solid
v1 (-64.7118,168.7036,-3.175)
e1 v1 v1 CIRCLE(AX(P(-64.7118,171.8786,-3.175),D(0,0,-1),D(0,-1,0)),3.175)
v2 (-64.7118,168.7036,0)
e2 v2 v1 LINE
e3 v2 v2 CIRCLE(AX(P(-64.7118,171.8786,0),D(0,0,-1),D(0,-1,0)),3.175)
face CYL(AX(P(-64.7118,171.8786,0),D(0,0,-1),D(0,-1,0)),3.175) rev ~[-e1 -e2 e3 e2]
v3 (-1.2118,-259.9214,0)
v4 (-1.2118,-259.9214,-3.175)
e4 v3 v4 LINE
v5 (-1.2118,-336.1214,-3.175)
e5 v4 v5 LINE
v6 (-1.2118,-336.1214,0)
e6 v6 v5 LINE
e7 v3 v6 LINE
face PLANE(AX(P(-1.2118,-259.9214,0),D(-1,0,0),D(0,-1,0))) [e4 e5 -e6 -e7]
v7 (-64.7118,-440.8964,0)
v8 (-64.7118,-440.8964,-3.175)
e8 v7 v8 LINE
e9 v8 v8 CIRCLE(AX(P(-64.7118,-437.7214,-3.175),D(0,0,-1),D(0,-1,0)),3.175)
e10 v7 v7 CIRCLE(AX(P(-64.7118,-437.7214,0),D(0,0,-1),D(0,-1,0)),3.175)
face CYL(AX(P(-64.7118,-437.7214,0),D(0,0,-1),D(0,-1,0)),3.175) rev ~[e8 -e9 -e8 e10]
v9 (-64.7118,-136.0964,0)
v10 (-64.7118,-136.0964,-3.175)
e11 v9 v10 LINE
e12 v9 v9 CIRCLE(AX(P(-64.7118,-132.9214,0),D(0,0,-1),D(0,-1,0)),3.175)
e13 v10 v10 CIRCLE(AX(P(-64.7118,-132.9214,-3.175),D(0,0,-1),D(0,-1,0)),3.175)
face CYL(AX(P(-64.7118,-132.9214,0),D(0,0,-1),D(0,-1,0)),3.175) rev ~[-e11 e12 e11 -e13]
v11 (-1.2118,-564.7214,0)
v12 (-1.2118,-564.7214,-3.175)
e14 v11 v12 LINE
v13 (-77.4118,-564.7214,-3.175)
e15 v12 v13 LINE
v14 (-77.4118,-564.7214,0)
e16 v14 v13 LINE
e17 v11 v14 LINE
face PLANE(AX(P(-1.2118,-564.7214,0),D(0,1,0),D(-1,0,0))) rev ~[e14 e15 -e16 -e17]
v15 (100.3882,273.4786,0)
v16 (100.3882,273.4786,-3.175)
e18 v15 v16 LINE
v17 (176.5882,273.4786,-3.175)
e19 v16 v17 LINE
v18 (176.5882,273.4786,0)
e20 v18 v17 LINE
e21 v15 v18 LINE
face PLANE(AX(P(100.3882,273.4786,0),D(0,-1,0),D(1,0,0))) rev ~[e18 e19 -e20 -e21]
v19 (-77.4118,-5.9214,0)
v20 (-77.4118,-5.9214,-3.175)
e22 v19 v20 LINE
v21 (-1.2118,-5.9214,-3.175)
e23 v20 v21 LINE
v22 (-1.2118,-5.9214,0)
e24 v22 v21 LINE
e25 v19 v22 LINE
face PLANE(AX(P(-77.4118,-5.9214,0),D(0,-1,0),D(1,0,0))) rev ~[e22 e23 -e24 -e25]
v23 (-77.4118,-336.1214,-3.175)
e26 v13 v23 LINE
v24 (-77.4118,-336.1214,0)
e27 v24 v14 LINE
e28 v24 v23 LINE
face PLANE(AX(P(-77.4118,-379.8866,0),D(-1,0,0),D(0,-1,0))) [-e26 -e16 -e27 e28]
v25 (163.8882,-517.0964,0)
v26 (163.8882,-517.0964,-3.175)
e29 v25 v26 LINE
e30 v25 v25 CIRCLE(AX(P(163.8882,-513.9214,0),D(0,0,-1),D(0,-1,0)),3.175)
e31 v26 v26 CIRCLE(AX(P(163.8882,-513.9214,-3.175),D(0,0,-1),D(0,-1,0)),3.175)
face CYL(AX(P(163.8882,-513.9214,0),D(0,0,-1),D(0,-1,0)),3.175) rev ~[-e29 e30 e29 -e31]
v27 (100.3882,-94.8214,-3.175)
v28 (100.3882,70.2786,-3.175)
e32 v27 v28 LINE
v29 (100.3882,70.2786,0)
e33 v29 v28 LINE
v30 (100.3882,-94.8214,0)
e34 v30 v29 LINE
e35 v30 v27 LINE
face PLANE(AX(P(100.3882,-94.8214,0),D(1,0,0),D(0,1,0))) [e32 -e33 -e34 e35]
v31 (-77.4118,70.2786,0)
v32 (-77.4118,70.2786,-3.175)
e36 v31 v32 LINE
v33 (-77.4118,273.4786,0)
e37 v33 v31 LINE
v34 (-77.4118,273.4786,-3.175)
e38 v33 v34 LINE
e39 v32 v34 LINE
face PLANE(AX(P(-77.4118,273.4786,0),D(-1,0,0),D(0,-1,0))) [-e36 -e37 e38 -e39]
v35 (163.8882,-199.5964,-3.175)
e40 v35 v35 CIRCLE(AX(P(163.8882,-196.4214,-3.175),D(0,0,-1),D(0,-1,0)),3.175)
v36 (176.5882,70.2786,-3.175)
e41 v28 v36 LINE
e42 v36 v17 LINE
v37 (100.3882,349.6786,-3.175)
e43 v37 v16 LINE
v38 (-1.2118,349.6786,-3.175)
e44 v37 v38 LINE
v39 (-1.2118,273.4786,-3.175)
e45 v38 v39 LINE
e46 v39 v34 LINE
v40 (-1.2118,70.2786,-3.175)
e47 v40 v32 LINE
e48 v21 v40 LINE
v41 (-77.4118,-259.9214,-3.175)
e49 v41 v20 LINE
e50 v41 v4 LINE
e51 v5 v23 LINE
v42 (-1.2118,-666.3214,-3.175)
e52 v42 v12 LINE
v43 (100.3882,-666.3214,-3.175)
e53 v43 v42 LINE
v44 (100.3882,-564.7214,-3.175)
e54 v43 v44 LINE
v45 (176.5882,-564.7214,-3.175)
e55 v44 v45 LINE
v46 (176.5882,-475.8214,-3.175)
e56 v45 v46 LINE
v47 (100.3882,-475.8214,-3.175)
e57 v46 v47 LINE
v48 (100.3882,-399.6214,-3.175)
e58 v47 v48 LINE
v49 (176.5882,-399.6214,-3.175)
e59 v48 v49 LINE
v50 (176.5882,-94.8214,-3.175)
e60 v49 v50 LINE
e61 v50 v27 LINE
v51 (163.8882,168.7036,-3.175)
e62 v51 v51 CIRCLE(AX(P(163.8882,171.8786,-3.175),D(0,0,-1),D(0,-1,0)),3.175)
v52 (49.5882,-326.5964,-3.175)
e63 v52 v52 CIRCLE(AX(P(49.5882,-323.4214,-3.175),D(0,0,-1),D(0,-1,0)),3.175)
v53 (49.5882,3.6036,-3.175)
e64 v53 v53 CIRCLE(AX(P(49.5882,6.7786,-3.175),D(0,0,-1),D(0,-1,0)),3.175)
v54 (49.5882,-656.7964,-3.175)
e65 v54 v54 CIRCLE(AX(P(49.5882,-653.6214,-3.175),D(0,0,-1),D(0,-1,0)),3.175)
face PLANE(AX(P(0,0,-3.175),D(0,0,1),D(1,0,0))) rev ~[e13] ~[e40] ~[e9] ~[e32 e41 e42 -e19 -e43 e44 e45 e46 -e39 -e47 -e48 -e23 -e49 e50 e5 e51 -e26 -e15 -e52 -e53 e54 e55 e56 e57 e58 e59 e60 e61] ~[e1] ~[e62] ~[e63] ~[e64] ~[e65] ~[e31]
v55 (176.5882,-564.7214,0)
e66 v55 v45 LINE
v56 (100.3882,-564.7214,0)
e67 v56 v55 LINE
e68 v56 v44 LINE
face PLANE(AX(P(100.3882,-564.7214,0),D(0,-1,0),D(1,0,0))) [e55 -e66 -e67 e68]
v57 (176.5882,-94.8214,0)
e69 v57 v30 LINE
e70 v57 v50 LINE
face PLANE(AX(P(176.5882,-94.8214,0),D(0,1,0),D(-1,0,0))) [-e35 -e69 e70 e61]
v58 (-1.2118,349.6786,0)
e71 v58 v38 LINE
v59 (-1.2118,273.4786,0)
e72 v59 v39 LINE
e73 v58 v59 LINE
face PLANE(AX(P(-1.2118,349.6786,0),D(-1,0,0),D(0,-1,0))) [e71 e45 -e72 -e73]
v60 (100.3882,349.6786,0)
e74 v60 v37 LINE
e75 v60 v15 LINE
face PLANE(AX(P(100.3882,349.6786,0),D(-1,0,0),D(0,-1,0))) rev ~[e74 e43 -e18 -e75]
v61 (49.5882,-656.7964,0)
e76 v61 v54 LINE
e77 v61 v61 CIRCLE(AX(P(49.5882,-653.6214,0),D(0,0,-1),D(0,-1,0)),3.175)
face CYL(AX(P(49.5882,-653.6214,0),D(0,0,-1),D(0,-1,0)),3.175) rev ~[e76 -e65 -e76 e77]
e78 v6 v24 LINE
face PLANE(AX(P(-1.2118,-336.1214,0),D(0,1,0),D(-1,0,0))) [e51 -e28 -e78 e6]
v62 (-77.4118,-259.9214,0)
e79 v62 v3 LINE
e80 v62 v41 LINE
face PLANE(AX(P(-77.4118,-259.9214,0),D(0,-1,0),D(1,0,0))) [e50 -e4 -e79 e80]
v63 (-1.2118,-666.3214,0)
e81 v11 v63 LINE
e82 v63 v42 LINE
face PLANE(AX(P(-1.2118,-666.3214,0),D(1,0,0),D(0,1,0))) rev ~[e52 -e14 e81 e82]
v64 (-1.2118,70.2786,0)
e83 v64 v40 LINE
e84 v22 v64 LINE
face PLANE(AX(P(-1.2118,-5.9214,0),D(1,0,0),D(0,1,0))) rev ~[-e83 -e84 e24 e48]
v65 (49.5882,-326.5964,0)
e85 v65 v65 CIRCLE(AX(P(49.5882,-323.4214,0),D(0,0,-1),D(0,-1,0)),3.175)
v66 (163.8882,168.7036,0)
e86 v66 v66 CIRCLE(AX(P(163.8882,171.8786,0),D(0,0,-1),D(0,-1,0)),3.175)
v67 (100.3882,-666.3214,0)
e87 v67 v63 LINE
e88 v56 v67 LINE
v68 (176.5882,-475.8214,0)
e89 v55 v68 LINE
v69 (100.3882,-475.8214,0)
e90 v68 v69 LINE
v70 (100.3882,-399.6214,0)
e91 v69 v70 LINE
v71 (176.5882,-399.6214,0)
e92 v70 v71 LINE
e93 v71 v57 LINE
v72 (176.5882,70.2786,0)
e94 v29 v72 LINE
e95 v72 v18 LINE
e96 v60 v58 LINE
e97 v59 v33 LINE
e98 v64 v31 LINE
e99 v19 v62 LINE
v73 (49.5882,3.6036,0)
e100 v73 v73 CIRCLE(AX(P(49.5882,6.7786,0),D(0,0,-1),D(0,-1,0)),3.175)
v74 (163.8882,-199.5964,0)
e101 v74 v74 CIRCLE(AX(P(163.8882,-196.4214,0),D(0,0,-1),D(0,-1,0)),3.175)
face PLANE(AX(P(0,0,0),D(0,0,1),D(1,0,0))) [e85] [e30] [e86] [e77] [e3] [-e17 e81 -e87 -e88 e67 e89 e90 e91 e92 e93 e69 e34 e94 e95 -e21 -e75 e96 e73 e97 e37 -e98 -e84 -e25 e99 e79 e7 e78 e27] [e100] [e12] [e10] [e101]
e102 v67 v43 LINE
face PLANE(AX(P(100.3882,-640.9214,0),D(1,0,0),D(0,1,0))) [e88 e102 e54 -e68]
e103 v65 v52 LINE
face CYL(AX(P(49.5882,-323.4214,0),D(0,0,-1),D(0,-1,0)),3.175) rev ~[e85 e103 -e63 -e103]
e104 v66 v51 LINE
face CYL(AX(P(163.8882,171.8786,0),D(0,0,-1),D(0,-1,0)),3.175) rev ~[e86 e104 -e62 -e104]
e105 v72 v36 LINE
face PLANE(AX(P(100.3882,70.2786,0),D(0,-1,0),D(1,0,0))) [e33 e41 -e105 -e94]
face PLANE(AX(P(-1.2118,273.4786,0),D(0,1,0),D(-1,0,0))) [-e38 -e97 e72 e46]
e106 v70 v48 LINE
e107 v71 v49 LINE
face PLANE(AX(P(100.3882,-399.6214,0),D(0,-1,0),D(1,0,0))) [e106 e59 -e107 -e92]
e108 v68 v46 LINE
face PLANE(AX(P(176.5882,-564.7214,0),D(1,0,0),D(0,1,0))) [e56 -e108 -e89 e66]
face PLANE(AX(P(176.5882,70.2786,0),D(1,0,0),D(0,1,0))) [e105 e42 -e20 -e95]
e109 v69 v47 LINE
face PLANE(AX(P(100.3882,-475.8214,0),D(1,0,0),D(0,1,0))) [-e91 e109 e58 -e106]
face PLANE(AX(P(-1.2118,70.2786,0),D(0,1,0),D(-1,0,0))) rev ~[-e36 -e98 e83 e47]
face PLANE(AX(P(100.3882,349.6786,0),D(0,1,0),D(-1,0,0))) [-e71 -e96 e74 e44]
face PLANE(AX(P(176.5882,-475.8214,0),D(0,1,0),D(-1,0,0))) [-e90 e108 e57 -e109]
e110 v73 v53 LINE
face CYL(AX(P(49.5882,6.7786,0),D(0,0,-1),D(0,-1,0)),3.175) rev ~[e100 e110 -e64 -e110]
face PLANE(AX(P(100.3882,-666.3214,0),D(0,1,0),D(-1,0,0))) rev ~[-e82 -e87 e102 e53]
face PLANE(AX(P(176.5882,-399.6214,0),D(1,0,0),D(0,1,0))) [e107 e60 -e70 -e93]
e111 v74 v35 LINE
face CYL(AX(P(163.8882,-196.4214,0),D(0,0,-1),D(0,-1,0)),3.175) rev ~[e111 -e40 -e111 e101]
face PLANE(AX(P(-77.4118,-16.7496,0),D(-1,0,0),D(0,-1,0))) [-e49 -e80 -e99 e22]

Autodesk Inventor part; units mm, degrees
ref_plane "YZ Plane" through (0, 0, 0) normal (1, 0, 0) x (0, 1, 0)
ref_plane "XZ Plane" through (0, 0, 0) normal (0, 1, 0) x (-1, 0, 0)
ref_plane "XY Plane" through (0, 0, 0) normal (0, 0, 1) x (1, 0, 0)
sketch "Sketch1" plane through (0, 0, 0) normal (0, 0, 1) x (1, 0, 0)
  line L0 (176.5882, -640.9214) -> (176.5882, 349.6786)
  line L1 (176.5882, 349.6786) -> (-77.4118, 349.6786)
  line L2 (-77.4118, 349.6786) -> (-77.4118, -640.9214)
  line L3 (100.3882, -640.9214) -> (100.3882, -564.7214)
  line L4 (100.3882, -564.7214) -> (176.5882, -564.7214)
  line L5 (176.5882, -475.8214) -> (100.3882, -475.8214)
  line L6 (100.3882, -475.8214) -> (100.3882, -399.6214)
  line L7 (100.3882, -399.6214) -> (176.5882, -399.6214)
  line L8 (176.5882, -399.6214) -> (176.5882, -475.8214)
  line L9 (176.5882, -94.8214) -> (100.3882, -94.8214)
  line L10 (100.3882, -94.8214) -> (100.3882, 70.2786)
  line L11 (100.3882, 70.2786) -> (176.5882, 70.2786)
  line L12 (176.5882, 70.2786) -> (176.5882, -94.8214)
  line L13 (176.5882, 349.6786) -> (100.3882, 349.6786)
  line L14 (100.3882, 349.6786) -> (100.3882, 273.4786)
  line L15 (100.3882, 273.4786) -> (176.5882, 273.4786)
  line L16 (176.5882, 273.4786) -> (176.5882, 349.6786)
  line L17 (-77.4118, 275.381) -> (-77.4118, 369.0362)
  line L18 (-77.4118, -16.7496) -> (-77.4118, 88.2844)
  line L19 (-77.4118, -379.8866) -> (-77.4118, -294.668)
  line L20 (-77.4118, -640.9214) -> (-1.2118, -640.9214)
  line L21 (-1.2118, -640.9214) -> (-1.2118, -564.7214)
  line L22 (-1.2118, -564.7214) -> (-77.4118, -564.7214)
  line L23 (-77.4118, -564.7214) -> (-77.4118, -640.9214)
  line L24 (-77.4118, -259.9214) -> (-1.2118, -259.9214)
  line L25 (-1.2118, -259.9214) -> (-1.2118, -336.1214)
  line L26 (-1.2118, -336.1214) -> (-77.4118, -336.1214)
  line L27 (-77.4118, -336.1214) -> (-77.4118, -259.9214)
  line L28 (-77.4118, -5.9214) -> (-1.2118, -5.9214)
  line L29 (-1.2118, -5.9214) -> (-1.2118, 70.2786)
  line L30 (-1.2118, 70.2786) -> (-77.4118, 70.2786)
  line L31 (-77.4118, 70.2786) -> (-77.4118, -5.9214)
  line L32 (-77.4118, 349.6786) -> (-1.2118, 349.6786)
  line L33 (-1.2118, 349.6786) -> (-1.2118, 273.4786)
  line L34 (-1.2118, 273.4786) -> (-77.4118, 273.4786)
  line L35 (-77.4118, 273.4786) -> (-77.4118, 349.6786)
  line L36 (100.3882, -640.9214) -> (100.3882, -666.3214)
  line L37 (100.3882, -666.3214) -> (-1.2118, -666.3214)
  line L38 (-1.2118, -666.3214) -> (-1.2118, -640.9214)
  point P0 (0, 0)
  point P1 (49.5882, -323.4214)
  point P2 (-64.7118, -437.7214)
  point P3 (-64.7118, -132.9214)
  point P4 (163.8882, 171.8786)
  point P5 (-64.7118, 171.8786)
  point P6 (163.8882, -196.4214)
  point P7 (163.8882, -513.9214)
  point P8 (49.5882, -653.6214)
  point P9 (49.5882, 6.7786)
  dimension "d0" = 254
  dimension "d1" = 990.6
  dimension "d2" = 76.2
  dimension "d3" = 76.2
  dimension "d4" = 76.2
  dimension "d5" = 76.2
  dimension "d6" = 88.9
  dimension "d7" = 304.8
  dimension "d8" = 203.2
  dimension "d9" = 76.2
  dimension "d10" = 76.2
  dimension "d11" = 76.2
  dimension "d14" = 76.2
  dimension "d15" = 76.2
  dimension "d16" = 76.2
  dimension "d17" = 76.2
  dimension "d18" = 63.5
  dimension "d19" = 76.2
  dimension "d20" = 76.2
  dimension "d21" = 203.2
  dimension "d22" = 76.2
  dimension "d23" = 76.2
  dimension "d24" = 12.7
  dimension "d25" = 12.7
  dimension "d26" = 101.6
  dimension "d27" = 101.6
  dimension "d28" = 127
  dimension "d29" = 12.7
  dimension "d30" = 12.7
  dimension "d31" = 127
  dimension "d32" = 101.6
  dimension "d33" = 12.7
  dimension "d34" = 12.7
  dimension "d35" = 101.6
  dimension "d36" = 38.1
  dimension "d37" = 25.4
  dimension "d38" = 101.6
  dimension "d46" = 12.7
extrude "Extrusion1" add sketch "Sketch1" against normal blind 3.175 contours L4 L3 L36 L37 L38 L21 L22 L2 L26 L25 L24 L28 L29 L30 L34 L33 L1 L14 L15 L0 L11 L10 L9 L7 L6 L5
hole "Hole1" at (49.5882, -323.4214, 0) at (-64.7118, -437.7214, 0) at (-64.7118, -132.9214, 0) at (163.8882, 171.8786, 0) at (-64.7118, 171.8786, 0) at (163.8882, -196.4214, 0) at (163.8882, -513.9214, 0) at (49.5882, -653.6214, 0) at (49.5882, 6.7786, 0) direction (0, 0, -1) diameter 6.35 depth 25.4 tip angle 118
properties part number "tower walls"
